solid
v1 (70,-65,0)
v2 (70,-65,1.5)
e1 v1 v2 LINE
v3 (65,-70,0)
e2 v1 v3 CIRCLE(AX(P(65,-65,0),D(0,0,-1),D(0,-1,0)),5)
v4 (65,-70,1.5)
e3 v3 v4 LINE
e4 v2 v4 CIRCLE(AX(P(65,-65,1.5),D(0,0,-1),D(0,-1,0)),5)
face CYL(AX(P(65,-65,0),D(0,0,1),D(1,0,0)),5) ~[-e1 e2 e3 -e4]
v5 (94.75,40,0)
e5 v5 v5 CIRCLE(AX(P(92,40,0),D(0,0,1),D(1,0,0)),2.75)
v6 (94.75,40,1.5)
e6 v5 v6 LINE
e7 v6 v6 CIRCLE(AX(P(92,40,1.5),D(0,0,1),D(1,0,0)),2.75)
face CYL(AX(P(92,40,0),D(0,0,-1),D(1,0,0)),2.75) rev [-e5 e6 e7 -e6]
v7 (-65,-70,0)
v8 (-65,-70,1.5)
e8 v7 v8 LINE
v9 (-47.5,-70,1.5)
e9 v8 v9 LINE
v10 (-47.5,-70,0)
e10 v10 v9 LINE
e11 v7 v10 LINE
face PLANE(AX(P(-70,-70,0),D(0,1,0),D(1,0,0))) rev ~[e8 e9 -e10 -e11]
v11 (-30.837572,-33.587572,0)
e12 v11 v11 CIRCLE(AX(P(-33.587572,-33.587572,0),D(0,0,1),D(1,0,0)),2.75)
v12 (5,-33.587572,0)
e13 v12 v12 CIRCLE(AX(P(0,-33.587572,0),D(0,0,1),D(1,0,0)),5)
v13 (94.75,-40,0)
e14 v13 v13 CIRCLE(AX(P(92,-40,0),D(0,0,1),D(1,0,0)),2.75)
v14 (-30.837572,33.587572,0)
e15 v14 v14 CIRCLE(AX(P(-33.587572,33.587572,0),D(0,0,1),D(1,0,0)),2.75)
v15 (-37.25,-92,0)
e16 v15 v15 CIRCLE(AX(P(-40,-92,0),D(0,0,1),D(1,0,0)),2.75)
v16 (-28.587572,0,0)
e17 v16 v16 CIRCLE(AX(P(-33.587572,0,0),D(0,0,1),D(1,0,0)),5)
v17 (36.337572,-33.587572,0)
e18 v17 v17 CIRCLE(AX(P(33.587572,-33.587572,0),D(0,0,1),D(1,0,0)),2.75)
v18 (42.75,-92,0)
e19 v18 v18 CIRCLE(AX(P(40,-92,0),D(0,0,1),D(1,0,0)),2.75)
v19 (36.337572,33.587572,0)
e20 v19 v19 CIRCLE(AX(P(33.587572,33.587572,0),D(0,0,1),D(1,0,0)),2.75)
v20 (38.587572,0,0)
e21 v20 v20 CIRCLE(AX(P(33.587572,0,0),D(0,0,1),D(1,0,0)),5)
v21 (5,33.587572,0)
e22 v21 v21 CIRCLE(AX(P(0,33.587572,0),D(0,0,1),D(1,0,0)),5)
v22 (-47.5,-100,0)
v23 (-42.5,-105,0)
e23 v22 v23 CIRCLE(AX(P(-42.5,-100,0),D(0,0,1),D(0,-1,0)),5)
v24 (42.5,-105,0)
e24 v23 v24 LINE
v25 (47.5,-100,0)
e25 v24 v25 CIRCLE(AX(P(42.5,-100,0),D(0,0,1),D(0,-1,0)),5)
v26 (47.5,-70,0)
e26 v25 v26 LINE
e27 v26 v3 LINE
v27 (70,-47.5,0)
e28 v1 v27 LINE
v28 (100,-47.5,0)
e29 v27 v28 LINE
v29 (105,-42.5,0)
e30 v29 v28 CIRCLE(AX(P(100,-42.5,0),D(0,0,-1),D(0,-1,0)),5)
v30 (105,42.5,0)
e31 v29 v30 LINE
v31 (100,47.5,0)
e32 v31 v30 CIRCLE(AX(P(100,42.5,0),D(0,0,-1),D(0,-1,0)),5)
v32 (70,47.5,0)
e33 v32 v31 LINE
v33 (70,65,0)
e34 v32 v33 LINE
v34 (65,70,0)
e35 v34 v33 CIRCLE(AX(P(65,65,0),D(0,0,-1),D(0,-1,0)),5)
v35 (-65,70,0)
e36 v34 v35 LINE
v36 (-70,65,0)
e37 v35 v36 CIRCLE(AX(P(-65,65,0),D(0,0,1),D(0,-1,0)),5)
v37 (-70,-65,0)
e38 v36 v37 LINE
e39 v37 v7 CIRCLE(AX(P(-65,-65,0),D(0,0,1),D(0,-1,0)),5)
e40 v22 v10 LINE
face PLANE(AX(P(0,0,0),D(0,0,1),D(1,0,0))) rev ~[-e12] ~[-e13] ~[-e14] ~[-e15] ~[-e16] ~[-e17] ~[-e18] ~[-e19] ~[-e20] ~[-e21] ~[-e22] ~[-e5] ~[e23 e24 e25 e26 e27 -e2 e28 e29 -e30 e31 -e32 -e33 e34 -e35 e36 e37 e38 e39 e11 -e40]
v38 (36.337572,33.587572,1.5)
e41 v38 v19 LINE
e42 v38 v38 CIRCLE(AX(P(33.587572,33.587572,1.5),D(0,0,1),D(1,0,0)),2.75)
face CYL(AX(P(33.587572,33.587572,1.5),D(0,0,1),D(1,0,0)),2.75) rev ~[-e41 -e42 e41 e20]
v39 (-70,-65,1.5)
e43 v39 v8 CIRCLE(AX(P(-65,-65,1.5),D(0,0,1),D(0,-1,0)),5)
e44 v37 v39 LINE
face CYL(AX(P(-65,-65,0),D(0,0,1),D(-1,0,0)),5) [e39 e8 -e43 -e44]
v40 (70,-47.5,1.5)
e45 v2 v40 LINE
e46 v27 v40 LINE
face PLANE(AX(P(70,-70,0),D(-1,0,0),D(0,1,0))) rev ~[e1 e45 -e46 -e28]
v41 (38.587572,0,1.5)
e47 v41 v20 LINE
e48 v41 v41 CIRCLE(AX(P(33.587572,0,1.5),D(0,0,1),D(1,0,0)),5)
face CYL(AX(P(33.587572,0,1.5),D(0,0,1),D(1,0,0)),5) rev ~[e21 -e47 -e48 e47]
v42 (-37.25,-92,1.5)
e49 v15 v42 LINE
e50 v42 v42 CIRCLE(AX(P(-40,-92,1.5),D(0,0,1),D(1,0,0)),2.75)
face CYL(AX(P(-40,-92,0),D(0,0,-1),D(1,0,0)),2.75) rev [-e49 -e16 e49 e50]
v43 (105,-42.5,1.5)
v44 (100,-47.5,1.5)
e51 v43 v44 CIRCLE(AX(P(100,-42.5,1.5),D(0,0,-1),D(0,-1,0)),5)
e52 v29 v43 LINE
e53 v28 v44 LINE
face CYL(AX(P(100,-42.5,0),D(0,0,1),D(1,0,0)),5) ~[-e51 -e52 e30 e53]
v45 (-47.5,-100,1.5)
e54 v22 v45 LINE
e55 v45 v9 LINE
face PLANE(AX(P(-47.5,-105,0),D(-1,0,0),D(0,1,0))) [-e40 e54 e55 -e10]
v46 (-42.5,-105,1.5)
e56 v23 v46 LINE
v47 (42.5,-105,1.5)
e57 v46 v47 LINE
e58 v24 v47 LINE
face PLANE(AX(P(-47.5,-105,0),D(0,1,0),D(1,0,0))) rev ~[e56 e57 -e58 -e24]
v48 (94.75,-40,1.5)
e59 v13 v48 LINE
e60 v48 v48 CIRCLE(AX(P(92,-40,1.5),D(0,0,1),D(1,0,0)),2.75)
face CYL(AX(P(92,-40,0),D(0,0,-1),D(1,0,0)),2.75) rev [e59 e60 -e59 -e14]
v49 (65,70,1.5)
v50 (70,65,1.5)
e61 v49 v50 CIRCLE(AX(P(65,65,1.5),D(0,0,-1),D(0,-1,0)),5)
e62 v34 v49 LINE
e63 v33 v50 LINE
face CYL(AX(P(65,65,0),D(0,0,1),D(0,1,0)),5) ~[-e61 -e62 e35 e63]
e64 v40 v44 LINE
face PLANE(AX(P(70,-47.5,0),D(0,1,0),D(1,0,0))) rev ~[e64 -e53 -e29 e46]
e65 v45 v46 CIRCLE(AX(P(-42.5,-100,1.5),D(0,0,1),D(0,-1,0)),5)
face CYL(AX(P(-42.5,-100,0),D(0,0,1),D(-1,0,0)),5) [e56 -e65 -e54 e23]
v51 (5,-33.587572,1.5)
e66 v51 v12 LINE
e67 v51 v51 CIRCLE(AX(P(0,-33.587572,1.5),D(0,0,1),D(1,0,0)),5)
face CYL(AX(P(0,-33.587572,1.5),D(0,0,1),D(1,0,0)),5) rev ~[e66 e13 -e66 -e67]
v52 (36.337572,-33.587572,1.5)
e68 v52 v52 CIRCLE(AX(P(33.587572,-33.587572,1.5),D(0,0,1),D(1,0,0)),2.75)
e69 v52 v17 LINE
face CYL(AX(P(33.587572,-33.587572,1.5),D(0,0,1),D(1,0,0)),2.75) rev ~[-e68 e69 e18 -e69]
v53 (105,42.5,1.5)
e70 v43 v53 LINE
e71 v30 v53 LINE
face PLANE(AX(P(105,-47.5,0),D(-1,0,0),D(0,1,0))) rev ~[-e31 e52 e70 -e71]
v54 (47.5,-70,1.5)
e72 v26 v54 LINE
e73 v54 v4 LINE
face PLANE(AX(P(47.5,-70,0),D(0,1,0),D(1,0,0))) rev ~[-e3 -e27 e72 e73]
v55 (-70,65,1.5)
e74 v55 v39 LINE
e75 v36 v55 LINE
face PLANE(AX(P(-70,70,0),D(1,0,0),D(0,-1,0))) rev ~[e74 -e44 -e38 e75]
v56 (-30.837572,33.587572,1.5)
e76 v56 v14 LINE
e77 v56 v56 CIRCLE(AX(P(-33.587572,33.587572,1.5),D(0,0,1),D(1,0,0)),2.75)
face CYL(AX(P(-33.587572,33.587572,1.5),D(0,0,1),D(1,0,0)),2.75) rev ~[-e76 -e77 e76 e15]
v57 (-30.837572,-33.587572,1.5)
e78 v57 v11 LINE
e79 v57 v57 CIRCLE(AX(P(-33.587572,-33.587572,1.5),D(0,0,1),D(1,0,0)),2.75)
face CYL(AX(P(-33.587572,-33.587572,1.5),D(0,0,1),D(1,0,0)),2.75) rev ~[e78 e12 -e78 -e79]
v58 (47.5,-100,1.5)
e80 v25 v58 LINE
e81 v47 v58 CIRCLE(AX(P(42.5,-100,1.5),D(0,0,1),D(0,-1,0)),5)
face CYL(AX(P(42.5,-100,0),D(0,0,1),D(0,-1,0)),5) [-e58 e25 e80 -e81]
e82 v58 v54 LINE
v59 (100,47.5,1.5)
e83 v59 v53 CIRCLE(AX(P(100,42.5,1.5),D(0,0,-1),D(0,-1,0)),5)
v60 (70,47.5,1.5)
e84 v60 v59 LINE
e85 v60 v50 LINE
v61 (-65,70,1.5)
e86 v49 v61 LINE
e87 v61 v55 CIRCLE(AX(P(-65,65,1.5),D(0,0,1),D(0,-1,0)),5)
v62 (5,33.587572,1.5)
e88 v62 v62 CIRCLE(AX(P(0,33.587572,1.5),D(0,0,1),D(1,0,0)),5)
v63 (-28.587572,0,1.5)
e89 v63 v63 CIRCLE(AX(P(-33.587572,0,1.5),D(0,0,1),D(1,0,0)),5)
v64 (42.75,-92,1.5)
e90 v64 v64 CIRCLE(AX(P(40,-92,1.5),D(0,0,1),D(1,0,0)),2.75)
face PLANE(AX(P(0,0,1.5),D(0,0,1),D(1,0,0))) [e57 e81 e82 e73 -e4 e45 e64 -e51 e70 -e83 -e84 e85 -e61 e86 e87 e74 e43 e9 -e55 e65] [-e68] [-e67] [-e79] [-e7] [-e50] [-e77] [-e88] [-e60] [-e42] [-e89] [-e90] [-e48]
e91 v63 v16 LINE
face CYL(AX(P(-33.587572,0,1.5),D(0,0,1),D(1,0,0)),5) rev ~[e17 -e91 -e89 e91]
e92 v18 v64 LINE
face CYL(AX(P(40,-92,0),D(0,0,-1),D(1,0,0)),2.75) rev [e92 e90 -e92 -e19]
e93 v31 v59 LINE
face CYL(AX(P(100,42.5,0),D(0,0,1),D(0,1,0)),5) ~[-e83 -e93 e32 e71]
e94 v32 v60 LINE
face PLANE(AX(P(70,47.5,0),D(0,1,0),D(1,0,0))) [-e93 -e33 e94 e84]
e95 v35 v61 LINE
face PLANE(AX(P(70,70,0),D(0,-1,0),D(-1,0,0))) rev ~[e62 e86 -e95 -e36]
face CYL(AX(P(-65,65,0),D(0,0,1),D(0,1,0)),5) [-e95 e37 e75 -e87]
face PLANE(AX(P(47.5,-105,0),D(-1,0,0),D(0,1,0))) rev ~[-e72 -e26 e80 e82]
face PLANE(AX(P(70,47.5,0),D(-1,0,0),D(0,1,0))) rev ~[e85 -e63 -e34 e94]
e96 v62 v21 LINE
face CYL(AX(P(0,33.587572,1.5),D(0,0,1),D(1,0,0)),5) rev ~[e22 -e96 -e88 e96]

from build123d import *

# Parameters (mm, degrees)
F0_W     = 35
F0_H     = 95
F0_R     = 2.75
F0_W_2   = 95
F0_H_2   = 35
F1_DEPTH = 1.5
F2_R     = 2.75
F2_R_2   = 5
F3_DEPTH = 1.501
F4_R     = 5
F5_R     = 5


with BuildPart() as f1:
    # F0 (on Top) → F1 (new body)
    with BuildSketch(Plane.XY):
        Polygon((70, 70), (-70, 70), (-70, -70), (-47.5, -70), (47.5, -70), (70, -70), (70, -47.5), (70, 47.5), align=None)
        with Locations((87.5, 0)):
            Rectangle(F0_W, F0_H)
        with Locations((92, -40)):
            Circle(F0_R, mode=Mode.SUBTRACT)
        with Locations((92, 40)):
            Circle(F0_R, mode=Mode.SUBTRACT)
        with Locations((0, -87.5)):
            Rectangle(F0_W_2, F0_H_2)
        with Locations((-40, -92)):
            Circle(F0_R, mode=Mode.SUBTRACT)
        with Locations((40, -92)):
            Circle(F0_R, mode=Mode.SUBTRACT)
    extrude(amount=F1_DEPTH)

    # F2 (on face) → F3 (cut, through all)
    with BuildSketch(Plane.XY.offset(1.5)):
        with Locations((-33.587572, -33.587572)):
            Circle(F2_R)
        with Locations((33.587572, -33.587572)):
            Circle(F2_R)
        with Locations((-33.587572, 33.587572)):
            Circle(F2_R)
        with Locations((33.587572, 33.587572)):
            Circle(F2_R)
        with Locations((0, -33.587572)):
            Circle(F2_R_2)
        with Locations((33.587572, 0)):
            Circle(F2_R_2)
        with Locations((-33.587572, 0)):
            Circle(F2_R_2)
        with Locations((0, 33.587572)):
            Circle(F2_R_2)
    extrude(amount=-F3_DEPTH, mode=Mode.SUBTRACT)

    # F4
    f4_edges = [f1.edges().sort_by_distance(p)[0] for p in [
        (70, -70, 0.75),
        (-70, -70, 0.75),
        (70, 70, 0.75),
        (-70, 70, 0.75),
    ]]
    fillet(f4_edges, radius=F4_R)

    # F5
    f5_edges = [f1.edges().sort_by_distance(p)[0] for p in [
        (-47.5, -105, 0.75),
        (47.5, -105, 0.75),
        (105, -47.5, 0.75),
        (105, 47.5, 0.75),
    ]]
    fillet(f5_edges, radius=F5_R)


solid = f1.part
